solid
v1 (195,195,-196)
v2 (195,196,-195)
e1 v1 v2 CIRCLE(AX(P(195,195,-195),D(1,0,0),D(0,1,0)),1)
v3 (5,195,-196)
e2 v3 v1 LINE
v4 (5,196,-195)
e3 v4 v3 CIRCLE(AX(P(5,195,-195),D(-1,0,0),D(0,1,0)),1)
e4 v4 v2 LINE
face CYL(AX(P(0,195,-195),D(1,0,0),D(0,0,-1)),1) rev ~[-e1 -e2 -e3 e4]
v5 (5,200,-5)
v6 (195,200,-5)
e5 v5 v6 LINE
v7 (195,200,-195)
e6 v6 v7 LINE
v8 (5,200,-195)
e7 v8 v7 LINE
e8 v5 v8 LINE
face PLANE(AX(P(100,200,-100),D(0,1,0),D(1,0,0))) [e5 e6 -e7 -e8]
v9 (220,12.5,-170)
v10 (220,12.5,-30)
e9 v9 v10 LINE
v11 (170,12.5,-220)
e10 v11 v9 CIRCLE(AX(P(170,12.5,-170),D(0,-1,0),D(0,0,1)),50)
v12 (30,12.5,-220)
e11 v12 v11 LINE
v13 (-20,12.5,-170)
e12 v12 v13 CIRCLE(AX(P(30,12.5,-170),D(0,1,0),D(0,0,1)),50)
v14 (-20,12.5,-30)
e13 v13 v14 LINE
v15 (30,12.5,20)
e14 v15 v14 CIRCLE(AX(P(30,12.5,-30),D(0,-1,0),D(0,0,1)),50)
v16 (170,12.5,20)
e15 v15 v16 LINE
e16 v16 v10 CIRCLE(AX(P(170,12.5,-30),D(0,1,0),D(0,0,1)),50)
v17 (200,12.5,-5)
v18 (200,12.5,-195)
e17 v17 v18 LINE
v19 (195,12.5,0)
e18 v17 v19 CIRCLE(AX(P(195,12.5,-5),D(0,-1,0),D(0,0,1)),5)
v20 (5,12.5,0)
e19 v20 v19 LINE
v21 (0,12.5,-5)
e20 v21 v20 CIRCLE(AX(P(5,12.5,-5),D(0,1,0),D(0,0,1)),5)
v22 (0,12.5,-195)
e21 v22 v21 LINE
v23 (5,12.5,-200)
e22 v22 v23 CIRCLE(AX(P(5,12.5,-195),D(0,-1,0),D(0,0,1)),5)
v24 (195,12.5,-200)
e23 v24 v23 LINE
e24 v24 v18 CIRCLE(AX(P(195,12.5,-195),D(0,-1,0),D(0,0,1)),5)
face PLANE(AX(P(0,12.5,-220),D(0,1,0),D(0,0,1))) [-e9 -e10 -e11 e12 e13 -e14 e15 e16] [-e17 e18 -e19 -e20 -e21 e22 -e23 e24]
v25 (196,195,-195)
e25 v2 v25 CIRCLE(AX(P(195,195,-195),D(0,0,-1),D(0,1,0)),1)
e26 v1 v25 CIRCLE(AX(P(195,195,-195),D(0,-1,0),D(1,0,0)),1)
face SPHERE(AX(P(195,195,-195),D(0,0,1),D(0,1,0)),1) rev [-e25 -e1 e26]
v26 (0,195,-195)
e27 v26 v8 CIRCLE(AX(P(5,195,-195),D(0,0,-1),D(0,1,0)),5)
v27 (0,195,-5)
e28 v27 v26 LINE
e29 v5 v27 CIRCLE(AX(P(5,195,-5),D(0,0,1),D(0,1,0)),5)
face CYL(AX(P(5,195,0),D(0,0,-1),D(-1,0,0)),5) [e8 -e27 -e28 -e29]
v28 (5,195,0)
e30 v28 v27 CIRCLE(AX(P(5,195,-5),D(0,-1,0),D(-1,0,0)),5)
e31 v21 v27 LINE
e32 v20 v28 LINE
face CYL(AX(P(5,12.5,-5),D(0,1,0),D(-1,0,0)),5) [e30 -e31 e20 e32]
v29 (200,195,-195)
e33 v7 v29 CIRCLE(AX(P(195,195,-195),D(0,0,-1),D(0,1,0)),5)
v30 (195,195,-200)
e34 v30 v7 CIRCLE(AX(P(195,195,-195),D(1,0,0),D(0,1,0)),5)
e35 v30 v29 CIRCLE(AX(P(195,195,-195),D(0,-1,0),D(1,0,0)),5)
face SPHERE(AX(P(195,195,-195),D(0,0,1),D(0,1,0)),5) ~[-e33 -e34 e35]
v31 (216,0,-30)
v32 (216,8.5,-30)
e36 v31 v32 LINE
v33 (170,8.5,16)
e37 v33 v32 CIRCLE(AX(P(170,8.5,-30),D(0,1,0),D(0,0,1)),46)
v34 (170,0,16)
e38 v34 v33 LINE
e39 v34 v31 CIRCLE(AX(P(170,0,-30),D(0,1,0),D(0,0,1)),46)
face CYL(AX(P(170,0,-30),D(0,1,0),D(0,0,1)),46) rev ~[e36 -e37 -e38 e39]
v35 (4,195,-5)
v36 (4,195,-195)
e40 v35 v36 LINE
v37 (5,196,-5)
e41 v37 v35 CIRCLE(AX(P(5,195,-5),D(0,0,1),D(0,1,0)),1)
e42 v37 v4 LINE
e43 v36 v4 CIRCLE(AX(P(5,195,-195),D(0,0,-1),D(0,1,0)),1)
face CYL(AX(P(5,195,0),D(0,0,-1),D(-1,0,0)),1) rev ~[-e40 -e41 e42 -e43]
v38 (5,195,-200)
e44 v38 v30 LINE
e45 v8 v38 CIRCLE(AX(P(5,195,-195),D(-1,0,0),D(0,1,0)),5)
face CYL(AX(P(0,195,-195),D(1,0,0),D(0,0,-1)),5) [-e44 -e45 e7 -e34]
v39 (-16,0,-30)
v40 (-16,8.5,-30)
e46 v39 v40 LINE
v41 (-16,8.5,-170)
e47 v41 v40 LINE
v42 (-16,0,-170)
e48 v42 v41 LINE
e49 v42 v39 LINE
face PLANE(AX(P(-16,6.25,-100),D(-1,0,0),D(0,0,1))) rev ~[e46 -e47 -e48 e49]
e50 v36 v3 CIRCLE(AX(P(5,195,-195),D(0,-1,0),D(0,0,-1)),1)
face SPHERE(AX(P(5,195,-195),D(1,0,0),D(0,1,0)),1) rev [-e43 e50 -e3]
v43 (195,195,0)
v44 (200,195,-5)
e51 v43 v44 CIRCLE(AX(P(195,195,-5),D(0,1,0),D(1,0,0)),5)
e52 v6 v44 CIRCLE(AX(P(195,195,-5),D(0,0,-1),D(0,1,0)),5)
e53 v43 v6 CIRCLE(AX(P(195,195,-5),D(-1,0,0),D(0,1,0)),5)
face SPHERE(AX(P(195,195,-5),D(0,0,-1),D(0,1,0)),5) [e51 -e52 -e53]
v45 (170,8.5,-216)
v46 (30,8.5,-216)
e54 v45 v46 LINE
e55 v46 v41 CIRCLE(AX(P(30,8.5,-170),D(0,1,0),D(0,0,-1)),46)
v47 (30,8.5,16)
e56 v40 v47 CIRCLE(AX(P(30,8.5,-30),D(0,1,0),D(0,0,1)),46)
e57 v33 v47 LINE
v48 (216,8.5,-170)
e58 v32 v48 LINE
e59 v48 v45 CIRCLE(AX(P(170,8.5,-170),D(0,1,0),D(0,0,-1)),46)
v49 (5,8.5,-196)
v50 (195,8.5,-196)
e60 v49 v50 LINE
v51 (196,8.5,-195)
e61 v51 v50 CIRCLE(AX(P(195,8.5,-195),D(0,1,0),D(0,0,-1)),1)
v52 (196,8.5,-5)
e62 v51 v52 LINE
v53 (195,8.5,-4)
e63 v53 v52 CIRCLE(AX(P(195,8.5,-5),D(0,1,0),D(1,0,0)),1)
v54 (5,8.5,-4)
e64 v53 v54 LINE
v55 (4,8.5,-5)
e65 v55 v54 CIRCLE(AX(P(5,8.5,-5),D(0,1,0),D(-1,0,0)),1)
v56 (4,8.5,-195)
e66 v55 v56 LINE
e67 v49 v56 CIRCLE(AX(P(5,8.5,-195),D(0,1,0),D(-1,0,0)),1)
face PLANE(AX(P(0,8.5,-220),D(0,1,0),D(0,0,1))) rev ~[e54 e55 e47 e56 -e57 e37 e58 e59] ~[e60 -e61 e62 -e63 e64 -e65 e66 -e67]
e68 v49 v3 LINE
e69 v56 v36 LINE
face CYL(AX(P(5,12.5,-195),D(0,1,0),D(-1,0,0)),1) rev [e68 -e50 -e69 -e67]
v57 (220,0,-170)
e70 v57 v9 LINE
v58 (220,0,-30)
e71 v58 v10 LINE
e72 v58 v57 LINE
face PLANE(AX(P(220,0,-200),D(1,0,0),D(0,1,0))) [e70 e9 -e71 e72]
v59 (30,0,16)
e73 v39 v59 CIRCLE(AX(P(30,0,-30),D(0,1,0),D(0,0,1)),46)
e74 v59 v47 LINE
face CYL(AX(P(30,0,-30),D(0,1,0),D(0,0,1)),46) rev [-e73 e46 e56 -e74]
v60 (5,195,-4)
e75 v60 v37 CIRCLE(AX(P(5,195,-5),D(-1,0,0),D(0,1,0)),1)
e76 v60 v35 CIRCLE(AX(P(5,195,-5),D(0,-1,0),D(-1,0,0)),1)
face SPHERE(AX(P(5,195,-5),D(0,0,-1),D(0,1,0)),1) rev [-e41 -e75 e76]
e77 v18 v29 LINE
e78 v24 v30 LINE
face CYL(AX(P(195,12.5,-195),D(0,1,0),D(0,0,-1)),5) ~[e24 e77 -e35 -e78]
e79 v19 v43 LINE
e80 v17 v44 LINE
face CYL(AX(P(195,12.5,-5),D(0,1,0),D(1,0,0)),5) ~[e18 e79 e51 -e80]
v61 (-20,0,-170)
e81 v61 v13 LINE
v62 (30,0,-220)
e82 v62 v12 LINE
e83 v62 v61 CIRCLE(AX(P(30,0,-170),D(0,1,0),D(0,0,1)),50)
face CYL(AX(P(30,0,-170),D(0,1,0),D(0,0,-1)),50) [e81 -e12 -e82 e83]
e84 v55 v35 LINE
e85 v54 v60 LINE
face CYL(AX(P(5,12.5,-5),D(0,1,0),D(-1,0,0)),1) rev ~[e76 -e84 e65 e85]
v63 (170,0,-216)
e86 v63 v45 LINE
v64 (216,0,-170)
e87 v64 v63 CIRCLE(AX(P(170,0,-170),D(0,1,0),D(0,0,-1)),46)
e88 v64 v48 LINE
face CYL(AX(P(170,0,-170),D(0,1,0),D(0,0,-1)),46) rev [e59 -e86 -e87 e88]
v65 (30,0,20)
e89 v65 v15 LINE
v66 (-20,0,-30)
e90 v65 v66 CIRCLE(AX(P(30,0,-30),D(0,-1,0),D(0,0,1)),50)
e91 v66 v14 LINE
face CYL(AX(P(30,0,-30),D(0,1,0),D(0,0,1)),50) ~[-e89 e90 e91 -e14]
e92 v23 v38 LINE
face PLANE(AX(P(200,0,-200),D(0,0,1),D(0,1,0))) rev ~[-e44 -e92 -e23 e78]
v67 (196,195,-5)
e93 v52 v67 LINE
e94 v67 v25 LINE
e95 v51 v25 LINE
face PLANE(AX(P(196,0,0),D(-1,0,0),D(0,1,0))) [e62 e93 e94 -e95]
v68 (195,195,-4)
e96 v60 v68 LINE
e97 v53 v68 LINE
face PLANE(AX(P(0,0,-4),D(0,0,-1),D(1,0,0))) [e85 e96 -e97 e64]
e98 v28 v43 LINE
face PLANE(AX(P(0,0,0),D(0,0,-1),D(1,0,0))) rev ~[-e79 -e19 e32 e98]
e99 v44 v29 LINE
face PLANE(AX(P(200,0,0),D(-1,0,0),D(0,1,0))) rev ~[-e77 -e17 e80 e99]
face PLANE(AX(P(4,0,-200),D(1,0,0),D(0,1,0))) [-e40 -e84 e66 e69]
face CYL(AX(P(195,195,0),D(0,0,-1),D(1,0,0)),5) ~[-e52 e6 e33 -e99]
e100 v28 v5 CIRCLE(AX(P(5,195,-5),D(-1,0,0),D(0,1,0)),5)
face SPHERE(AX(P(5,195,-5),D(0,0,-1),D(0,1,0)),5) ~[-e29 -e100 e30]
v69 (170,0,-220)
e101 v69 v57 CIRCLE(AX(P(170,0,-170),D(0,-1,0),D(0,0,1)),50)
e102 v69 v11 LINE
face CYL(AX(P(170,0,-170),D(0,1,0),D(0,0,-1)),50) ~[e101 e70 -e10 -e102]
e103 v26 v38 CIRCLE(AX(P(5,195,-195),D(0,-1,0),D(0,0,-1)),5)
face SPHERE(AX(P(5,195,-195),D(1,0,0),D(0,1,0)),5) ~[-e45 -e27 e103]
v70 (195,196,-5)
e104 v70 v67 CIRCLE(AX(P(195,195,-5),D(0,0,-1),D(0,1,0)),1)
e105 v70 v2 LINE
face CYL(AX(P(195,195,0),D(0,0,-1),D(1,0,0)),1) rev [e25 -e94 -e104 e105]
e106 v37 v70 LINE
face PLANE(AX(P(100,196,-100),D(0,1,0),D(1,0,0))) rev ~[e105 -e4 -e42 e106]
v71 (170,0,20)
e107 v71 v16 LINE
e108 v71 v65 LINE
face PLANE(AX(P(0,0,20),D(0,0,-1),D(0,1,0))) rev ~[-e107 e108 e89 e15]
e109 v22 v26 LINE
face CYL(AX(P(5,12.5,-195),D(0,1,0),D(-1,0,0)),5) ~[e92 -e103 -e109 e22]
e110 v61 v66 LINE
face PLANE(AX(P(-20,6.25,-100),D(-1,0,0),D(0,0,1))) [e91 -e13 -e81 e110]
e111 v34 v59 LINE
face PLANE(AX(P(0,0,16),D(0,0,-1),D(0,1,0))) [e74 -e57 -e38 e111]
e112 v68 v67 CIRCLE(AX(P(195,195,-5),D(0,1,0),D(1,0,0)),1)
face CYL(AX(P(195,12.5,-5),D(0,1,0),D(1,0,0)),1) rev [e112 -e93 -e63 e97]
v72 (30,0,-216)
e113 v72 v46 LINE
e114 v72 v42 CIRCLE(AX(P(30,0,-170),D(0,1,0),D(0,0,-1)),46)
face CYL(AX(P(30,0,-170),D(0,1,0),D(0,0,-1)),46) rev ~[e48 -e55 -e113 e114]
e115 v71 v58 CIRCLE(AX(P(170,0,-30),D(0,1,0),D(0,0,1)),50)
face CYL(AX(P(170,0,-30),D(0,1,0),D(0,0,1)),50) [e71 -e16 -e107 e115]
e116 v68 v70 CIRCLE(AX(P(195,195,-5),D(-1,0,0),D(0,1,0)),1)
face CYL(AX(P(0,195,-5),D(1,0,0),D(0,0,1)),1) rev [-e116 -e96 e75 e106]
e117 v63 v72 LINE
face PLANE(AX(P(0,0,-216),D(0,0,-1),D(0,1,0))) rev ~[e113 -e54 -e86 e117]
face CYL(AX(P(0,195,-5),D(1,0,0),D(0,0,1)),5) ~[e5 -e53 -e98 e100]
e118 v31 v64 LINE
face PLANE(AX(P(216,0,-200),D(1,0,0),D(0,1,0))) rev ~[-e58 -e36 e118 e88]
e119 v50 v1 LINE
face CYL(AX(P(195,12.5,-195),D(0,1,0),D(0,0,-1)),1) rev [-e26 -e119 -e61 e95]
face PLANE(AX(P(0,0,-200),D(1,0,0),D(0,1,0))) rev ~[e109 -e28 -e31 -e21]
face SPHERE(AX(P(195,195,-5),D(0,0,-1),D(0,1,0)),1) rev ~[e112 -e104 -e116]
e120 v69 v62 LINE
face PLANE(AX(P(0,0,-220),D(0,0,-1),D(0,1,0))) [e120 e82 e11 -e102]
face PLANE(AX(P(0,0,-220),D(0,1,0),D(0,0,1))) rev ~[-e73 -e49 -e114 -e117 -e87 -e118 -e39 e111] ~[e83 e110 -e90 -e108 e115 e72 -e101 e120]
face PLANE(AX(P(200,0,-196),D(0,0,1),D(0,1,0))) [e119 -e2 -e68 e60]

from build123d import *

# Parameters (mm, degrees)
SKETCH1_W           = 200
SKETCH1_H           = 200
BOSS_EXTRUDE1_DEPTH = 200
SKETCH3_W           = 200
SKETCH3_H           = 12.5
BOSS_EXTRUDE2_DEPTH = 20
SKETCH4_W           = 220
SKETCH4_H           = 12.5
BOSS_EXTRUDE3_DEPTH = 20
SKETCH5_W           = 220
SKETCH5_H           = 12.5
BOSS_EXTRUDE4_DEPTH = 20
SKETCH6_W           = 240
SKETCH6_H           = 12.5
BOSS_EXTRUDE5_DEPTH = 20
FILLET1_R           = 50
FILLET2_R           = 5
SHELL1_T            = -4


with BuildPart() as part:
    # Sketch1 → Boss-Extrude1 (new body)
    with BuildSketch(Plane(origin=(0, 0, 0), x_dir=(1, 0, 0), z_dir=(0, 1, 0))):
        with Locations((100, 100)):
            Rectangle(SKETCH1_W, SKETCH1_H)
    extrude(amount=BOSS_EXTRUDE1_DEPTH)

    # Sketch3 → Boss-Extrude2 (add)
    with BuildSketch(Plane.XY):
        with Locations((100, 6.25)):
            Rectangle(SKETCH3_W, SKETCH3_H)
    extrude(amount=BOSS_EXTRUDE2_DEPTH)

    # Sketch4 → Boss-Extrude3 (add)
    with BuildSketch(Plane(origin=(200, 0, 0), x_dir=(0, 0, -1), z_dir=(1, 0, 0))):
        with Locations((90, 6.25)):
            Rectangle(SKETCH4_W, SKETCH4_H)
    extrude(amount=BOSS_EXTRUDE3_DEPTH)

    # Sketch5 → Boss-Extrude4 (add)
    with BuildSketch(Plane(origin=(0, 0, -200), x_dir=(-1, 0, 0), z_dir=(0, 0, -1))):
        with Locations((-110, 6.25)):
            Rectangle(SKETCH5_W, SKETCH5_H)
    extrude(amount=BOSS_EXTRUDE4_DEPTH)

    # Sketch6 → Boss-Extrude5 (add)
    with BuildSketch(Plane.ZY):
        with Locations((-100, 6.25)):
            Rectangle(SKETCH6_W, SKETCH6_H)
    extrude(amount=BOSS_EXTRUDE5_DEPTH)

    # Fillet1
    fillet1_edges = [part.edges().sort_by_distance(p)[0] for p in [
        (220, 6.25, 20),
        (220, 6.25, -220),
        (-20, 6.25, -220),
        (-20, 6.25, 20),
    ]]
    fillet(fillet1_edges, radius=FILLET1_R)

    # Fillet2
    fillet2_edges = [part.edges().sort_by_distance(p)[0] for p in [
        (200, 200, -100),
        (100, 200, -200),
        (0, 200, -100),
        (100, 200, 0),
        (0, 106.25, -200),
        (200, 106.25, -200),
        (200, 106.25, 0),
        (0, 106.25, 0),
    ]]
    fillet(fillet2_edges, radius=FILLET2_R)

    # Shell1
    shell1_openings = [part.faces().sort_by_distance(p)[0] for p in [
        (100, 0, -100),
    ]]
    offset(amount=SHELL1_T, openings=shell1_openings, kind=Kind.INTERSECTION)


solid = part.part
